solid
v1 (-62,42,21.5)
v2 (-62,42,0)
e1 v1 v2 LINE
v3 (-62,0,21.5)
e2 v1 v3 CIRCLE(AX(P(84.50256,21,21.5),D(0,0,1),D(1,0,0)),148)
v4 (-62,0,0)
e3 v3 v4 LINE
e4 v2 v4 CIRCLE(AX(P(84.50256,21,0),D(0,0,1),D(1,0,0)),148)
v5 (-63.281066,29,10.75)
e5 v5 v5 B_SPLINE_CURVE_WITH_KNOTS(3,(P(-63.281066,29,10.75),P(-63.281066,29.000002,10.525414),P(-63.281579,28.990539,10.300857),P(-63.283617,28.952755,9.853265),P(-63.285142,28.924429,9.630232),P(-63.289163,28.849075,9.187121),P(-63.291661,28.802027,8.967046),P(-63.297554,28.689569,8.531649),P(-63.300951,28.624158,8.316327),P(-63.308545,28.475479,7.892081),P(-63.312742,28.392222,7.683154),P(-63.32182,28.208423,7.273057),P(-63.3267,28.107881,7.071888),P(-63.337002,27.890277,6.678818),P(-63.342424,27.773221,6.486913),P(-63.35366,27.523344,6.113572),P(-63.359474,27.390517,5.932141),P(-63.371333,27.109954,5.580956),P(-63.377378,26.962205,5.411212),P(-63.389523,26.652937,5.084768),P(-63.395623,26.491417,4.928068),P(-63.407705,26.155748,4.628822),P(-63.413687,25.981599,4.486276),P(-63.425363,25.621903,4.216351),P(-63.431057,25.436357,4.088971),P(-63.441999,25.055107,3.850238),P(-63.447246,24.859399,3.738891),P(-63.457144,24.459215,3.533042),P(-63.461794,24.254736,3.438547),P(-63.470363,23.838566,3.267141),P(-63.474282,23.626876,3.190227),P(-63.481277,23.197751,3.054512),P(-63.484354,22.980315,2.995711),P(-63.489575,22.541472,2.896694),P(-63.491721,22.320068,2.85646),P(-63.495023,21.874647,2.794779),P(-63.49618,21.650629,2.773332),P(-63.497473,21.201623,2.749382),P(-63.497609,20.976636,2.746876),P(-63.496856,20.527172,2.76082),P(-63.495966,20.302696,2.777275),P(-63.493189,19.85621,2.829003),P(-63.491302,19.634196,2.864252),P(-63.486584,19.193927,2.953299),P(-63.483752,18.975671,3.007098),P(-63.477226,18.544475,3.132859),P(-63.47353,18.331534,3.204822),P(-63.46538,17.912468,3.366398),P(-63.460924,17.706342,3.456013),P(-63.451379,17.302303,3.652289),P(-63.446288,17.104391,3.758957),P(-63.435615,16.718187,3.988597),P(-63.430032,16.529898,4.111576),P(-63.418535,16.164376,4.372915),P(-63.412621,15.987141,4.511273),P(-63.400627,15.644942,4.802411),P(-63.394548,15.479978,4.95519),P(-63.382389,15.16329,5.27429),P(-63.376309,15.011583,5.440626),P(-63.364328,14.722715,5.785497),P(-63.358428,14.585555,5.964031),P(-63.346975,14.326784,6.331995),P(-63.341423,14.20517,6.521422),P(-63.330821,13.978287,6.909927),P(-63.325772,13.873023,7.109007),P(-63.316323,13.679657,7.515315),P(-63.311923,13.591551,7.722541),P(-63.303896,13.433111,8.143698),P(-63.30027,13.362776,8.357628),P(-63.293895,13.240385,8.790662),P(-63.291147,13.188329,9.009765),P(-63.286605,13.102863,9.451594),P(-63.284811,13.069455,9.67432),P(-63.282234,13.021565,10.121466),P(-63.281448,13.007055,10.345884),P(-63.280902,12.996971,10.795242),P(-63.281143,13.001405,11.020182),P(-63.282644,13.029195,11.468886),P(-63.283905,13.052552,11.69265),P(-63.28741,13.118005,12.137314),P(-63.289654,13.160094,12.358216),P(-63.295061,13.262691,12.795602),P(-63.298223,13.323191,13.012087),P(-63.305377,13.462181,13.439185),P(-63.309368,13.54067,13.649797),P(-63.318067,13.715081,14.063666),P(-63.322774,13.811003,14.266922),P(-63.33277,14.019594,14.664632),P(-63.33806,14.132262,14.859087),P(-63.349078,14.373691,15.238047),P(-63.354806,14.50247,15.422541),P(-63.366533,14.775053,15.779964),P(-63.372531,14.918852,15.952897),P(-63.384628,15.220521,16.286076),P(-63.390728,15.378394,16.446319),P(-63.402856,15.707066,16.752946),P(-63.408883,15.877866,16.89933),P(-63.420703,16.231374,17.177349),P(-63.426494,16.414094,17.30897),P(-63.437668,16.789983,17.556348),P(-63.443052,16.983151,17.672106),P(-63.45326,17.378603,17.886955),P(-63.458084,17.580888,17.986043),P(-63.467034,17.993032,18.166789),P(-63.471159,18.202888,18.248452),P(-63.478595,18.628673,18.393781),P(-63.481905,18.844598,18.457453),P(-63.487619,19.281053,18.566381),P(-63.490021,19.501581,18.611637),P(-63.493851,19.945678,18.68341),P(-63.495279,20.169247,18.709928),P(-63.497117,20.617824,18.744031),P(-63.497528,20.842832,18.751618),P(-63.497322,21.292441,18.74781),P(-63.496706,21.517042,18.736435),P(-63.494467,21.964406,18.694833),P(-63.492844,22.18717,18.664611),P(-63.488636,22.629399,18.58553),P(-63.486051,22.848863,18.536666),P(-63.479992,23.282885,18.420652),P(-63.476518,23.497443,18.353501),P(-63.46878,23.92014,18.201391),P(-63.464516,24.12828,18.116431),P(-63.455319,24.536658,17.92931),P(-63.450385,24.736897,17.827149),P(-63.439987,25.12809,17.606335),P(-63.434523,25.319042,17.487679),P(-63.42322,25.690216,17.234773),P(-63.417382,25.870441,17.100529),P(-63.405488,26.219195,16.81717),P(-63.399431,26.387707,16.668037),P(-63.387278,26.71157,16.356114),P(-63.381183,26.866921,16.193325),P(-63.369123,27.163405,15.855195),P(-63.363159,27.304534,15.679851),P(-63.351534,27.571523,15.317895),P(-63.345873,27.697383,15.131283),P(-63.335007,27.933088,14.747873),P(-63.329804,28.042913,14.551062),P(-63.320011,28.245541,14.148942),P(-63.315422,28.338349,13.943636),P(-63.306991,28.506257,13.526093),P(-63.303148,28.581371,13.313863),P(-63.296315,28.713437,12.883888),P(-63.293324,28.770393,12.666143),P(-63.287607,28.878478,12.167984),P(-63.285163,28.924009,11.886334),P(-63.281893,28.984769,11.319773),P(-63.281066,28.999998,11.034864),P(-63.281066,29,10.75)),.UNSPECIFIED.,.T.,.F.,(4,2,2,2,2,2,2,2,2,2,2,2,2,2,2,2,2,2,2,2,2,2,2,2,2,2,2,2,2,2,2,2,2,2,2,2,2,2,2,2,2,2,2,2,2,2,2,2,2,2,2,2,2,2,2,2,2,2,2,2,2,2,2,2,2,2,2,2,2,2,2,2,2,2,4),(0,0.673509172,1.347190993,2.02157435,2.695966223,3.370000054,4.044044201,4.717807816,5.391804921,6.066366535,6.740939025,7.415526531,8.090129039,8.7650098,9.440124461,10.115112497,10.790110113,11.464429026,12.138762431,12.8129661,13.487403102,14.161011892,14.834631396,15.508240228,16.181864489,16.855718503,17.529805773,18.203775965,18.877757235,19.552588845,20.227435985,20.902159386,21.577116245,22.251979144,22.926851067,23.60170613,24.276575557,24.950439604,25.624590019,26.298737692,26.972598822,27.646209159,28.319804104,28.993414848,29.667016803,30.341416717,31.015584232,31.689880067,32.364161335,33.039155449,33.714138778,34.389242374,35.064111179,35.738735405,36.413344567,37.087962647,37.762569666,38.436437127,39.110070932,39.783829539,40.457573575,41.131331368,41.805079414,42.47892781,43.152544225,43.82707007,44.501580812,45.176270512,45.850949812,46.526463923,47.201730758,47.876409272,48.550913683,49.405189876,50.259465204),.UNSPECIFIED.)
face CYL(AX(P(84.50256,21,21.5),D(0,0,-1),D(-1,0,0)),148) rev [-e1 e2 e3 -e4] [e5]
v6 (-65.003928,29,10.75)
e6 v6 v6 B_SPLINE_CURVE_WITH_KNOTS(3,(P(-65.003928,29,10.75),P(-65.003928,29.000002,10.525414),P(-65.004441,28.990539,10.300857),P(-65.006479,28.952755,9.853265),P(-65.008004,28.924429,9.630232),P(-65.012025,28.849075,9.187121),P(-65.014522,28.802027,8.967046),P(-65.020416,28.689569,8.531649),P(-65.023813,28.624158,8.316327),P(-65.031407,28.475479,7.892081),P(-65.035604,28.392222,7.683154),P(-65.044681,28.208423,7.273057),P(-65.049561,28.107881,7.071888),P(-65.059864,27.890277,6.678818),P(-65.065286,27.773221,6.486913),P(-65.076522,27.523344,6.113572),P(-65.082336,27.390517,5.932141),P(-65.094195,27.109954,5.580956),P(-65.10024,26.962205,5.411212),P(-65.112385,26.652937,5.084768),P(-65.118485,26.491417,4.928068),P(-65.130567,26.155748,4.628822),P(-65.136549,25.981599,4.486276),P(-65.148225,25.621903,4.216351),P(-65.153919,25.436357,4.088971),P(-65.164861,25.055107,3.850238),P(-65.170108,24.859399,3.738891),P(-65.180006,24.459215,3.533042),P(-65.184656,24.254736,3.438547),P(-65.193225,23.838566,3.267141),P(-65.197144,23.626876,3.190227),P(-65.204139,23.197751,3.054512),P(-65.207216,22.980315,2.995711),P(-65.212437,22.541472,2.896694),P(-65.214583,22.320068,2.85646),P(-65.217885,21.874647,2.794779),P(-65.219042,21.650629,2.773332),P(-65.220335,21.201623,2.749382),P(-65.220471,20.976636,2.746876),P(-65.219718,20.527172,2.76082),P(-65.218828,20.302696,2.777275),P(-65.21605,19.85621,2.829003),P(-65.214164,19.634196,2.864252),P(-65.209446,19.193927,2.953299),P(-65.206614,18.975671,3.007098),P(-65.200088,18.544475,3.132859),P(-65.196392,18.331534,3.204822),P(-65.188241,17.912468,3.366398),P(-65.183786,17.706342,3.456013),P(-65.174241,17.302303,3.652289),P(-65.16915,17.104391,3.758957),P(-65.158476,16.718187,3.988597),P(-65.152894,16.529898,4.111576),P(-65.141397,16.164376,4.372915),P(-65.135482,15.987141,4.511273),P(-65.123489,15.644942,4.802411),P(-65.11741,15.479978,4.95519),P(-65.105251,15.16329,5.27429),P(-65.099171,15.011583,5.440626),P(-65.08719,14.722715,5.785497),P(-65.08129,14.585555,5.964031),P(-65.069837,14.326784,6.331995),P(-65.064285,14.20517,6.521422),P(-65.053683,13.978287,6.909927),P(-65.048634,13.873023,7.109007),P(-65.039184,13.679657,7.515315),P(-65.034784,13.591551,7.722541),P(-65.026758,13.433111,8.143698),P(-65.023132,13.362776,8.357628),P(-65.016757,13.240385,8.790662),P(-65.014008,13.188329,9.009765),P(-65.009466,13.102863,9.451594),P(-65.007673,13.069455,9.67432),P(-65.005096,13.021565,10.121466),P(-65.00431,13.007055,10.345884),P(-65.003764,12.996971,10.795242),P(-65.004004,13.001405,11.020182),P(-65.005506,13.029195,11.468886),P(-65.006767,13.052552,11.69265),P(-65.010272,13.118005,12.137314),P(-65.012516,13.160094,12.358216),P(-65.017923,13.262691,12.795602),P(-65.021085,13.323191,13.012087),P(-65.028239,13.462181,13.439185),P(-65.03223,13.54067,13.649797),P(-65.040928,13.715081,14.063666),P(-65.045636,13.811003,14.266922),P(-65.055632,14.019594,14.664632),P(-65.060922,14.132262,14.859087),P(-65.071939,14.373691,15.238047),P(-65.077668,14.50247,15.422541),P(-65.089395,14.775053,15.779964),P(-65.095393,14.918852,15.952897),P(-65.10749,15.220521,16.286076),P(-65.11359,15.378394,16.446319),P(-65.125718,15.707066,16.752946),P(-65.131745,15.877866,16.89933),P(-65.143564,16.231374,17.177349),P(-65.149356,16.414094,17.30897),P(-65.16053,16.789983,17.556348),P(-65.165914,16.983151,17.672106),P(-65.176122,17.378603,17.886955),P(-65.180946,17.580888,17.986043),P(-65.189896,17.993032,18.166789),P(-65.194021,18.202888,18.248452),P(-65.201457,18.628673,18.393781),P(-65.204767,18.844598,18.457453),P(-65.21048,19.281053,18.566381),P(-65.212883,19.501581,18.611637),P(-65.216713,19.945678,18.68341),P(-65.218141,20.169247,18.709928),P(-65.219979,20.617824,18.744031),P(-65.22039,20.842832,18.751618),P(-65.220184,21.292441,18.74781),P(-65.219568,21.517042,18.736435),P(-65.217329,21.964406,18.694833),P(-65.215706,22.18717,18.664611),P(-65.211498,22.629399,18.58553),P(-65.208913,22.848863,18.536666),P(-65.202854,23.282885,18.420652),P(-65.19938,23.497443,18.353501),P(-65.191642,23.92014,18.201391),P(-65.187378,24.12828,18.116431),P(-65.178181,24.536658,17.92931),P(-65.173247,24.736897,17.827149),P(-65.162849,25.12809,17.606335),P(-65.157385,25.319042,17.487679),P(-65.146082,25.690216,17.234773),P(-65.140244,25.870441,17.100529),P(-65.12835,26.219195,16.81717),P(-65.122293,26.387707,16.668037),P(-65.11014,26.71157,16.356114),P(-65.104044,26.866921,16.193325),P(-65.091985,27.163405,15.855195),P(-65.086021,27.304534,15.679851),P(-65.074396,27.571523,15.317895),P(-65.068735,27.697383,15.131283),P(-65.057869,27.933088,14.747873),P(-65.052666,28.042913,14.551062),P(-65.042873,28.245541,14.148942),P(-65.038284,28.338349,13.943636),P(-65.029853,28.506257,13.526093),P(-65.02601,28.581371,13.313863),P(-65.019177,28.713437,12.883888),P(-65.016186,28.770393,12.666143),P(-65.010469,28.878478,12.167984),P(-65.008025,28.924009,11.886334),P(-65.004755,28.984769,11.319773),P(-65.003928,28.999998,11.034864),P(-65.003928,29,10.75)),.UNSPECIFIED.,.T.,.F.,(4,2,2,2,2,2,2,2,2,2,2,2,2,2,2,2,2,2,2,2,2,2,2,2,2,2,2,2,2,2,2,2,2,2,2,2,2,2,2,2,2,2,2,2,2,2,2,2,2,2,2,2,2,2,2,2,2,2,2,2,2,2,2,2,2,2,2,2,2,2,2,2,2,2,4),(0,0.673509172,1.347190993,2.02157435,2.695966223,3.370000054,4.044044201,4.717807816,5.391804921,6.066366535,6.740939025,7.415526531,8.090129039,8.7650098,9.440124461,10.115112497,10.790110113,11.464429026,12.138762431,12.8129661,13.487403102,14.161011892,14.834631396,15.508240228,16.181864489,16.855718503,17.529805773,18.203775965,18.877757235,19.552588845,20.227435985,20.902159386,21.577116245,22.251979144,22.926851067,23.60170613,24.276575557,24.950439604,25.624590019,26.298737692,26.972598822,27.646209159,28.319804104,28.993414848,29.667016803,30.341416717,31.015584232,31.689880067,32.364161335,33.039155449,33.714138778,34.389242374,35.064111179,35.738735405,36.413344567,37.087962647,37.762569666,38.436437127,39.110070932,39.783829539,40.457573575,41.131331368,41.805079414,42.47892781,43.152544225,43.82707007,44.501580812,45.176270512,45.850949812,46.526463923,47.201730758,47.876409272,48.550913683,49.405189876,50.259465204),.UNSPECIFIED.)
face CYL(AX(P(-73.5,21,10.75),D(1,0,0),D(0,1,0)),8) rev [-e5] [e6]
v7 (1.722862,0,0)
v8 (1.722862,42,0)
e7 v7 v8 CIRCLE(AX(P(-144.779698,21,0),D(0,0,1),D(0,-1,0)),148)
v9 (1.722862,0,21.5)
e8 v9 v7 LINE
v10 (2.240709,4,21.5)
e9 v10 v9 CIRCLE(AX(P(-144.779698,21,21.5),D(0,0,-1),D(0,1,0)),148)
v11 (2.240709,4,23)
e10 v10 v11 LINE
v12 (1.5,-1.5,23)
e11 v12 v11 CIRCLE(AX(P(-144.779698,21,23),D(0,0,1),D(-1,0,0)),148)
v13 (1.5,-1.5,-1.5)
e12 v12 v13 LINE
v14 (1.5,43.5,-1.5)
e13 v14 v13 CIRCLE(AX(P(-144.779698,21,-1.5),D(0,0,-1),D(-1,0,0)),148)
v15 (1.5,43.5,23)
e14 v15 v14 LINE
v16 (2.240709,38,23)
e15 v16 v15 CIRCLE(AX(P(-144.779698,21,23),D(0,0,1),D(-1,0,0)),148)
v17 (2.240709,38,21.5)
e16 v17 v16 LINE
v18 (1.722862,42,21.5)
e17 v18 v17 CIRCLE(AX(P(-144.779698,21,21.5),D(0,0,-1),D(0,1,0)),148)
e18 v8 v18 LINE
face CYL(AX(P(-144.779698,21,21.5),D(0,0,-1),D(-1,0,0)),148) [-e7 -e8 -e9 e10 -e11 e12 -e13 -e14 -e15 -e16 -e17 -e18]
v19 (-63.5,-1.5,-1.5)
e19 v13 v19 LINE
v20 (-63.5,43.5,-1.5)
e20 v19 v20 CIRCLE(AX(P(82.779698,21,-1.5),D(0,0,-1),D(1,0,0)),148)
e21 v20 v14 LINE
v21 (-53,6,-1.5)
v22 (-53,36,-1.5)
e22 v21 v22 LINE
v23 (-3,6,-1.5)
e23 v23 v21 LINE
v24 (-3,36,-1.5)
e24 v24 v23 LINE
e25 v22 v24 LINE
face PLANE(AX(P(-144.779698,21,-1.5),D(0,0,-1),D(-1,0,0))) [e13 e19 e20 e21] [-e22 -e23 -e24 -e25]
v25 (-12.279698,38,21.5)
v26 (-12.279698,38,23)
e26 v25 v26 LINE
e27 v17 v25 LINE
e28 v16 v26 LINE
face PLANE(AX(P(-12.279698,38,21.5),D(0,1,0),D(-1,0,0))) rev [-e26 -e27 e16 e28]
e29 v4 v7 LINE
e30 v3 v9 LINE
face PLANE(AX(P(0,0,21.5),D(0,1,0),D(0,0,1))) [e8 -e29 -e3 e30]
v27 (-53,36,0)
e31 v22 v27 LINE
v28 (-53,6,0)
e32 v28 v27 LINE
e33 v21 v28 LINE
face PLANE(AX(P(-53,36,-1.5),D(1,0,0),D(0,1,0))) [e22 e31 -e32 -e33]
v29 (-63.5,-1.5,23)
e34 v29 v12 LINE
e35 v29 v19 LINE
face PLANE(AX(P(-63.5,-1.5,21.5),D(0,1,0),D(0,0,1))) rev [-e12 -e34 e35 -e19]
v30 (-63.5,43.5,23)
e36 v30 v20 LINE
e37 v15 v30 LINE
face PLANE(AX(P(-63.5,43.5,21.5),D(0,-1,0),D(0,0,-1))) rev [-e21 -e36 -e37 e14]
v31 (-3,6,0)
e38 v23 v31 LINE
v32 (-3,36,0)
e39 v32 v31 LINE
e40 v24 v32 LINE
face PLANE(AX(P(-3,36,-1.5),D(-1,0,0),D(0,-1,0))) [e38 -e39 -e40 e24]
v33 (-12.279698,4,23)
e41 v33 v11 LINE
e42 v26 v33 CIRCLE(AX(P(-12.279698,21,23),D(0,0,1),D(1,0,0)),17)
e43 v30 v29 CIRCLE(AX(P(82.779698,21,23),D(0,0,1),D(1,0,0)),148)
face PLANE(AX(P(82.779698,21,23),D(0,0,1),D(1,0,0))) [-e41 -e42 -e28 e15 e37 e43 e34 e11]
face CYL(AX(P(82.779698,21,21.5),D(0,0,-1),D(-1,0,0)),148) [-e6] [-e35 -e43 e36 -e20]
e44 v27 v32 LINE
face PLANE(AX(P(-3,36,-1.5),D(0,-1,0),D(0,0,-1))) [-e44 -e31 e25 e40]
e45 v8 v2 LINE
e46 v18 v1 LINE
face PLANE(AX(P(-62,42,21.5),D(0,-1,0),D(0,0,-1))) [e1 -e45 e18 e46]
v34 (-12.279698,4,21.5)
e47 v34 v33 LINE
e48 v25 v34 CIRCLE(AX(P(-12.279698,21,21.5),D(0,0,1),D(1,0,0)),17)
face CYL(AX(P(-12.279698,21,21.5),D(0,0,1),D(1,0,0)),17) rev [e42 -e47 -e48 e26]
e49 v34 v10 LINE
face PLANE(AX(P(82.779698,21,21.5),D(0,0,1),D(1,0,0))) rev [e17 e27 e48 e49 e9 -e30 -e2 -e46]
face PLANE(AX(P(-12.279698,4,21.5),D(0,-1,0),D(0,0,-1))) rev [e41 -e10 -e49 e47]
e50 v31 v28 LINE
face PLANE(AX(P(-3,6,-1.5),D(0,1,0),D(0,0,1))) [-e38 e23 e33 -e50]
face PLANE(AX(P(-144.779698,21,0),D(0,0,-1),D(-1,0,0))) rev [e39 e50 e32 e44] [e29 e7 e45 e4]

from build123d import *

# Parameters (mm, degrees)
SALIENTE_EXTRUIR1_DEPTH    = 21.5
SALIENTE_EXTRUIR2_DEPTH    = 1.5
SALIENTE_EXTRUIR3_START    = 1.5
CROQUIS3_W                 = 50
CROQUIS3_H                 = 30
SALIENTE_EXTRUIR3_DEPTH    = 1.5
CORTAR_EXTRUIR1_START      = -1.5
CORTAR_EXTRUIR1_DEPTH      = 1.5
CORTAR_EXTRUIR2_DEPTH      = 1.5
CORTAR_EXTRUIR2_DEPTH_BACK = 3
CROQUIS7_W                 = 21.5
CROQUIS7_H                 = 42
CORTAR_EXTRUIR3_DEPTH      = 10
CORTAR_EXTRUIR3_DEPTH_BACK = 10
CROQUIS8_R                 = 8


with BuildPart() as part:
    # Croquis1 → Saliente-Extruir1 (new body)
    with BuildSketch(Plane.XY):
        with BuildLine():
            Line((-63.5, 43.5), (1.5, 43.5))
            ThreePointArc((1.5, 43.5), (3.220302161, 21), (1.5, -1.5))
            Line((1.5, -1.5), (-63.5, -1.5))
            ThreePointArc((-63.5, -1.5), (-65.220302161, 21), (-63.5, 43.5))
        make_face()
        with BuildLine():
            Line((0, 0), (-62, 0))
            ThreePointArc((-62, 0), (-63.497440295, 21), (-62, 42))
            Line((-62, 42), (0, 42))
            ThreePointArc((0, 42), (1.497440295, 21), (0, 0))
        make_face(mode=Mode.SUBTRACT)
    extrude(amount=SALIENTE_EXTRUIR1_DEPTH)

    # Croquis2 → Saliente-Extruir2 (add)
    with BuildSketch(Plane.XY.offset(21.5)):
        with BuildLine():
            Line((-63.5, 43.5), (1.5, 43.5))
            ThreePointArc((1.5, 43.5), (3.220302161, 21), (1.5, -1.5))
            Line((1.5, -1.5), (-63.5, -1.5))
            ThreePointArc((-63.5, -1.5), (-65.220302161, 21), (-63.5, 43.5))
        make_face()
    extrude(amount=SALIENTE_EXTRUIR2_DEPTH)

    # Croquis3 → Saliente-Extruir3 (add)
    with BuildSketch(Plane(origin=(0, 0, 0), x_dir=(-1, 0, 0), z_dir=(0, 0, -1)).offset(SALIENTE_EXTRUIR3_START)):
        with BuildLine():
            Line((-1.5, 43.5), (63.5, 43.5))
            ThreePointArc((63.5, 43.5), (65.220302161, 21), (63.5, -1.5))
            Line((63.5, -1.5), (-1.5, -1.5))
            ThreePointArc((-1.5, -1.5), (-3.220302161, 21), (-1.5, 43.5))
        make_face()
        with Locations((28, 21)):
            Rectangle(CROQUIS3_W, CROQUIS3_H, mode=Mode.SUBTRACT)
    extrude(amount=-SALIENTE_EXTRUIR3_DEPTH)

    # Croquis4 → Cortar-Extruir1 (cut)
    with BuildSketch(Plane.XY.offset(23).offset(CORTAR_EXTRUIR1_START)):
        with BuildLine():
            Line((-12.279697839, 38), (2.240708907, 38))
            ThreePointArc((2.240708907, 38), (3.220302161, 21), (2.240708907, 4))
            Line((2.240708907, 4), (-12.279697839, 4))
            ThreePointArc((-12.279697839, 4), (-29.279697839, 21), (-12.279697839, 38))
        make_face()
    extrude(amount=CORTAR_EXTRUIR1_DEPTH, mode=Mode.SUBTRACT)

    # Croquis7 → Cortar-Extruir2 (cut, two sides: drawn at the far end of the back side and taken through both)
    with BuildSketch(Plane.ZY.offset(-1.5).offset(-CORTAR_EXTRUIR2_DEPTH_BACK)):
        with Locations((10.75, 21)):
            Rectangle(CROQUIS7_W, CROQUIS7_H)
    extrude(amount=CORTAR_EXTRUIR2_DEPTH + CORTAR_EXTRUIR2_DEPTH_BACK, mode=Mode.SUBTRACT)

    # Croquis8 → Cortar-Extruir3 (cut, two sides: drawn at the far end of the back side and taken through both)
    with BuildSketch(Plane.ZY.offset(63.5).offset(-CORTAR_EXTRUIR3_DEPTH_BACK)):
        with Locations((10.75, 21)):
            Circle(CROQUIS8_R)
    extrude(amount=CORTAR_EXTRUIR3_DEPTH + CORTAR_EXTRUIR3_DEPTH_BACK, mode=Mode.SUBTRACT)


solid = part.part
